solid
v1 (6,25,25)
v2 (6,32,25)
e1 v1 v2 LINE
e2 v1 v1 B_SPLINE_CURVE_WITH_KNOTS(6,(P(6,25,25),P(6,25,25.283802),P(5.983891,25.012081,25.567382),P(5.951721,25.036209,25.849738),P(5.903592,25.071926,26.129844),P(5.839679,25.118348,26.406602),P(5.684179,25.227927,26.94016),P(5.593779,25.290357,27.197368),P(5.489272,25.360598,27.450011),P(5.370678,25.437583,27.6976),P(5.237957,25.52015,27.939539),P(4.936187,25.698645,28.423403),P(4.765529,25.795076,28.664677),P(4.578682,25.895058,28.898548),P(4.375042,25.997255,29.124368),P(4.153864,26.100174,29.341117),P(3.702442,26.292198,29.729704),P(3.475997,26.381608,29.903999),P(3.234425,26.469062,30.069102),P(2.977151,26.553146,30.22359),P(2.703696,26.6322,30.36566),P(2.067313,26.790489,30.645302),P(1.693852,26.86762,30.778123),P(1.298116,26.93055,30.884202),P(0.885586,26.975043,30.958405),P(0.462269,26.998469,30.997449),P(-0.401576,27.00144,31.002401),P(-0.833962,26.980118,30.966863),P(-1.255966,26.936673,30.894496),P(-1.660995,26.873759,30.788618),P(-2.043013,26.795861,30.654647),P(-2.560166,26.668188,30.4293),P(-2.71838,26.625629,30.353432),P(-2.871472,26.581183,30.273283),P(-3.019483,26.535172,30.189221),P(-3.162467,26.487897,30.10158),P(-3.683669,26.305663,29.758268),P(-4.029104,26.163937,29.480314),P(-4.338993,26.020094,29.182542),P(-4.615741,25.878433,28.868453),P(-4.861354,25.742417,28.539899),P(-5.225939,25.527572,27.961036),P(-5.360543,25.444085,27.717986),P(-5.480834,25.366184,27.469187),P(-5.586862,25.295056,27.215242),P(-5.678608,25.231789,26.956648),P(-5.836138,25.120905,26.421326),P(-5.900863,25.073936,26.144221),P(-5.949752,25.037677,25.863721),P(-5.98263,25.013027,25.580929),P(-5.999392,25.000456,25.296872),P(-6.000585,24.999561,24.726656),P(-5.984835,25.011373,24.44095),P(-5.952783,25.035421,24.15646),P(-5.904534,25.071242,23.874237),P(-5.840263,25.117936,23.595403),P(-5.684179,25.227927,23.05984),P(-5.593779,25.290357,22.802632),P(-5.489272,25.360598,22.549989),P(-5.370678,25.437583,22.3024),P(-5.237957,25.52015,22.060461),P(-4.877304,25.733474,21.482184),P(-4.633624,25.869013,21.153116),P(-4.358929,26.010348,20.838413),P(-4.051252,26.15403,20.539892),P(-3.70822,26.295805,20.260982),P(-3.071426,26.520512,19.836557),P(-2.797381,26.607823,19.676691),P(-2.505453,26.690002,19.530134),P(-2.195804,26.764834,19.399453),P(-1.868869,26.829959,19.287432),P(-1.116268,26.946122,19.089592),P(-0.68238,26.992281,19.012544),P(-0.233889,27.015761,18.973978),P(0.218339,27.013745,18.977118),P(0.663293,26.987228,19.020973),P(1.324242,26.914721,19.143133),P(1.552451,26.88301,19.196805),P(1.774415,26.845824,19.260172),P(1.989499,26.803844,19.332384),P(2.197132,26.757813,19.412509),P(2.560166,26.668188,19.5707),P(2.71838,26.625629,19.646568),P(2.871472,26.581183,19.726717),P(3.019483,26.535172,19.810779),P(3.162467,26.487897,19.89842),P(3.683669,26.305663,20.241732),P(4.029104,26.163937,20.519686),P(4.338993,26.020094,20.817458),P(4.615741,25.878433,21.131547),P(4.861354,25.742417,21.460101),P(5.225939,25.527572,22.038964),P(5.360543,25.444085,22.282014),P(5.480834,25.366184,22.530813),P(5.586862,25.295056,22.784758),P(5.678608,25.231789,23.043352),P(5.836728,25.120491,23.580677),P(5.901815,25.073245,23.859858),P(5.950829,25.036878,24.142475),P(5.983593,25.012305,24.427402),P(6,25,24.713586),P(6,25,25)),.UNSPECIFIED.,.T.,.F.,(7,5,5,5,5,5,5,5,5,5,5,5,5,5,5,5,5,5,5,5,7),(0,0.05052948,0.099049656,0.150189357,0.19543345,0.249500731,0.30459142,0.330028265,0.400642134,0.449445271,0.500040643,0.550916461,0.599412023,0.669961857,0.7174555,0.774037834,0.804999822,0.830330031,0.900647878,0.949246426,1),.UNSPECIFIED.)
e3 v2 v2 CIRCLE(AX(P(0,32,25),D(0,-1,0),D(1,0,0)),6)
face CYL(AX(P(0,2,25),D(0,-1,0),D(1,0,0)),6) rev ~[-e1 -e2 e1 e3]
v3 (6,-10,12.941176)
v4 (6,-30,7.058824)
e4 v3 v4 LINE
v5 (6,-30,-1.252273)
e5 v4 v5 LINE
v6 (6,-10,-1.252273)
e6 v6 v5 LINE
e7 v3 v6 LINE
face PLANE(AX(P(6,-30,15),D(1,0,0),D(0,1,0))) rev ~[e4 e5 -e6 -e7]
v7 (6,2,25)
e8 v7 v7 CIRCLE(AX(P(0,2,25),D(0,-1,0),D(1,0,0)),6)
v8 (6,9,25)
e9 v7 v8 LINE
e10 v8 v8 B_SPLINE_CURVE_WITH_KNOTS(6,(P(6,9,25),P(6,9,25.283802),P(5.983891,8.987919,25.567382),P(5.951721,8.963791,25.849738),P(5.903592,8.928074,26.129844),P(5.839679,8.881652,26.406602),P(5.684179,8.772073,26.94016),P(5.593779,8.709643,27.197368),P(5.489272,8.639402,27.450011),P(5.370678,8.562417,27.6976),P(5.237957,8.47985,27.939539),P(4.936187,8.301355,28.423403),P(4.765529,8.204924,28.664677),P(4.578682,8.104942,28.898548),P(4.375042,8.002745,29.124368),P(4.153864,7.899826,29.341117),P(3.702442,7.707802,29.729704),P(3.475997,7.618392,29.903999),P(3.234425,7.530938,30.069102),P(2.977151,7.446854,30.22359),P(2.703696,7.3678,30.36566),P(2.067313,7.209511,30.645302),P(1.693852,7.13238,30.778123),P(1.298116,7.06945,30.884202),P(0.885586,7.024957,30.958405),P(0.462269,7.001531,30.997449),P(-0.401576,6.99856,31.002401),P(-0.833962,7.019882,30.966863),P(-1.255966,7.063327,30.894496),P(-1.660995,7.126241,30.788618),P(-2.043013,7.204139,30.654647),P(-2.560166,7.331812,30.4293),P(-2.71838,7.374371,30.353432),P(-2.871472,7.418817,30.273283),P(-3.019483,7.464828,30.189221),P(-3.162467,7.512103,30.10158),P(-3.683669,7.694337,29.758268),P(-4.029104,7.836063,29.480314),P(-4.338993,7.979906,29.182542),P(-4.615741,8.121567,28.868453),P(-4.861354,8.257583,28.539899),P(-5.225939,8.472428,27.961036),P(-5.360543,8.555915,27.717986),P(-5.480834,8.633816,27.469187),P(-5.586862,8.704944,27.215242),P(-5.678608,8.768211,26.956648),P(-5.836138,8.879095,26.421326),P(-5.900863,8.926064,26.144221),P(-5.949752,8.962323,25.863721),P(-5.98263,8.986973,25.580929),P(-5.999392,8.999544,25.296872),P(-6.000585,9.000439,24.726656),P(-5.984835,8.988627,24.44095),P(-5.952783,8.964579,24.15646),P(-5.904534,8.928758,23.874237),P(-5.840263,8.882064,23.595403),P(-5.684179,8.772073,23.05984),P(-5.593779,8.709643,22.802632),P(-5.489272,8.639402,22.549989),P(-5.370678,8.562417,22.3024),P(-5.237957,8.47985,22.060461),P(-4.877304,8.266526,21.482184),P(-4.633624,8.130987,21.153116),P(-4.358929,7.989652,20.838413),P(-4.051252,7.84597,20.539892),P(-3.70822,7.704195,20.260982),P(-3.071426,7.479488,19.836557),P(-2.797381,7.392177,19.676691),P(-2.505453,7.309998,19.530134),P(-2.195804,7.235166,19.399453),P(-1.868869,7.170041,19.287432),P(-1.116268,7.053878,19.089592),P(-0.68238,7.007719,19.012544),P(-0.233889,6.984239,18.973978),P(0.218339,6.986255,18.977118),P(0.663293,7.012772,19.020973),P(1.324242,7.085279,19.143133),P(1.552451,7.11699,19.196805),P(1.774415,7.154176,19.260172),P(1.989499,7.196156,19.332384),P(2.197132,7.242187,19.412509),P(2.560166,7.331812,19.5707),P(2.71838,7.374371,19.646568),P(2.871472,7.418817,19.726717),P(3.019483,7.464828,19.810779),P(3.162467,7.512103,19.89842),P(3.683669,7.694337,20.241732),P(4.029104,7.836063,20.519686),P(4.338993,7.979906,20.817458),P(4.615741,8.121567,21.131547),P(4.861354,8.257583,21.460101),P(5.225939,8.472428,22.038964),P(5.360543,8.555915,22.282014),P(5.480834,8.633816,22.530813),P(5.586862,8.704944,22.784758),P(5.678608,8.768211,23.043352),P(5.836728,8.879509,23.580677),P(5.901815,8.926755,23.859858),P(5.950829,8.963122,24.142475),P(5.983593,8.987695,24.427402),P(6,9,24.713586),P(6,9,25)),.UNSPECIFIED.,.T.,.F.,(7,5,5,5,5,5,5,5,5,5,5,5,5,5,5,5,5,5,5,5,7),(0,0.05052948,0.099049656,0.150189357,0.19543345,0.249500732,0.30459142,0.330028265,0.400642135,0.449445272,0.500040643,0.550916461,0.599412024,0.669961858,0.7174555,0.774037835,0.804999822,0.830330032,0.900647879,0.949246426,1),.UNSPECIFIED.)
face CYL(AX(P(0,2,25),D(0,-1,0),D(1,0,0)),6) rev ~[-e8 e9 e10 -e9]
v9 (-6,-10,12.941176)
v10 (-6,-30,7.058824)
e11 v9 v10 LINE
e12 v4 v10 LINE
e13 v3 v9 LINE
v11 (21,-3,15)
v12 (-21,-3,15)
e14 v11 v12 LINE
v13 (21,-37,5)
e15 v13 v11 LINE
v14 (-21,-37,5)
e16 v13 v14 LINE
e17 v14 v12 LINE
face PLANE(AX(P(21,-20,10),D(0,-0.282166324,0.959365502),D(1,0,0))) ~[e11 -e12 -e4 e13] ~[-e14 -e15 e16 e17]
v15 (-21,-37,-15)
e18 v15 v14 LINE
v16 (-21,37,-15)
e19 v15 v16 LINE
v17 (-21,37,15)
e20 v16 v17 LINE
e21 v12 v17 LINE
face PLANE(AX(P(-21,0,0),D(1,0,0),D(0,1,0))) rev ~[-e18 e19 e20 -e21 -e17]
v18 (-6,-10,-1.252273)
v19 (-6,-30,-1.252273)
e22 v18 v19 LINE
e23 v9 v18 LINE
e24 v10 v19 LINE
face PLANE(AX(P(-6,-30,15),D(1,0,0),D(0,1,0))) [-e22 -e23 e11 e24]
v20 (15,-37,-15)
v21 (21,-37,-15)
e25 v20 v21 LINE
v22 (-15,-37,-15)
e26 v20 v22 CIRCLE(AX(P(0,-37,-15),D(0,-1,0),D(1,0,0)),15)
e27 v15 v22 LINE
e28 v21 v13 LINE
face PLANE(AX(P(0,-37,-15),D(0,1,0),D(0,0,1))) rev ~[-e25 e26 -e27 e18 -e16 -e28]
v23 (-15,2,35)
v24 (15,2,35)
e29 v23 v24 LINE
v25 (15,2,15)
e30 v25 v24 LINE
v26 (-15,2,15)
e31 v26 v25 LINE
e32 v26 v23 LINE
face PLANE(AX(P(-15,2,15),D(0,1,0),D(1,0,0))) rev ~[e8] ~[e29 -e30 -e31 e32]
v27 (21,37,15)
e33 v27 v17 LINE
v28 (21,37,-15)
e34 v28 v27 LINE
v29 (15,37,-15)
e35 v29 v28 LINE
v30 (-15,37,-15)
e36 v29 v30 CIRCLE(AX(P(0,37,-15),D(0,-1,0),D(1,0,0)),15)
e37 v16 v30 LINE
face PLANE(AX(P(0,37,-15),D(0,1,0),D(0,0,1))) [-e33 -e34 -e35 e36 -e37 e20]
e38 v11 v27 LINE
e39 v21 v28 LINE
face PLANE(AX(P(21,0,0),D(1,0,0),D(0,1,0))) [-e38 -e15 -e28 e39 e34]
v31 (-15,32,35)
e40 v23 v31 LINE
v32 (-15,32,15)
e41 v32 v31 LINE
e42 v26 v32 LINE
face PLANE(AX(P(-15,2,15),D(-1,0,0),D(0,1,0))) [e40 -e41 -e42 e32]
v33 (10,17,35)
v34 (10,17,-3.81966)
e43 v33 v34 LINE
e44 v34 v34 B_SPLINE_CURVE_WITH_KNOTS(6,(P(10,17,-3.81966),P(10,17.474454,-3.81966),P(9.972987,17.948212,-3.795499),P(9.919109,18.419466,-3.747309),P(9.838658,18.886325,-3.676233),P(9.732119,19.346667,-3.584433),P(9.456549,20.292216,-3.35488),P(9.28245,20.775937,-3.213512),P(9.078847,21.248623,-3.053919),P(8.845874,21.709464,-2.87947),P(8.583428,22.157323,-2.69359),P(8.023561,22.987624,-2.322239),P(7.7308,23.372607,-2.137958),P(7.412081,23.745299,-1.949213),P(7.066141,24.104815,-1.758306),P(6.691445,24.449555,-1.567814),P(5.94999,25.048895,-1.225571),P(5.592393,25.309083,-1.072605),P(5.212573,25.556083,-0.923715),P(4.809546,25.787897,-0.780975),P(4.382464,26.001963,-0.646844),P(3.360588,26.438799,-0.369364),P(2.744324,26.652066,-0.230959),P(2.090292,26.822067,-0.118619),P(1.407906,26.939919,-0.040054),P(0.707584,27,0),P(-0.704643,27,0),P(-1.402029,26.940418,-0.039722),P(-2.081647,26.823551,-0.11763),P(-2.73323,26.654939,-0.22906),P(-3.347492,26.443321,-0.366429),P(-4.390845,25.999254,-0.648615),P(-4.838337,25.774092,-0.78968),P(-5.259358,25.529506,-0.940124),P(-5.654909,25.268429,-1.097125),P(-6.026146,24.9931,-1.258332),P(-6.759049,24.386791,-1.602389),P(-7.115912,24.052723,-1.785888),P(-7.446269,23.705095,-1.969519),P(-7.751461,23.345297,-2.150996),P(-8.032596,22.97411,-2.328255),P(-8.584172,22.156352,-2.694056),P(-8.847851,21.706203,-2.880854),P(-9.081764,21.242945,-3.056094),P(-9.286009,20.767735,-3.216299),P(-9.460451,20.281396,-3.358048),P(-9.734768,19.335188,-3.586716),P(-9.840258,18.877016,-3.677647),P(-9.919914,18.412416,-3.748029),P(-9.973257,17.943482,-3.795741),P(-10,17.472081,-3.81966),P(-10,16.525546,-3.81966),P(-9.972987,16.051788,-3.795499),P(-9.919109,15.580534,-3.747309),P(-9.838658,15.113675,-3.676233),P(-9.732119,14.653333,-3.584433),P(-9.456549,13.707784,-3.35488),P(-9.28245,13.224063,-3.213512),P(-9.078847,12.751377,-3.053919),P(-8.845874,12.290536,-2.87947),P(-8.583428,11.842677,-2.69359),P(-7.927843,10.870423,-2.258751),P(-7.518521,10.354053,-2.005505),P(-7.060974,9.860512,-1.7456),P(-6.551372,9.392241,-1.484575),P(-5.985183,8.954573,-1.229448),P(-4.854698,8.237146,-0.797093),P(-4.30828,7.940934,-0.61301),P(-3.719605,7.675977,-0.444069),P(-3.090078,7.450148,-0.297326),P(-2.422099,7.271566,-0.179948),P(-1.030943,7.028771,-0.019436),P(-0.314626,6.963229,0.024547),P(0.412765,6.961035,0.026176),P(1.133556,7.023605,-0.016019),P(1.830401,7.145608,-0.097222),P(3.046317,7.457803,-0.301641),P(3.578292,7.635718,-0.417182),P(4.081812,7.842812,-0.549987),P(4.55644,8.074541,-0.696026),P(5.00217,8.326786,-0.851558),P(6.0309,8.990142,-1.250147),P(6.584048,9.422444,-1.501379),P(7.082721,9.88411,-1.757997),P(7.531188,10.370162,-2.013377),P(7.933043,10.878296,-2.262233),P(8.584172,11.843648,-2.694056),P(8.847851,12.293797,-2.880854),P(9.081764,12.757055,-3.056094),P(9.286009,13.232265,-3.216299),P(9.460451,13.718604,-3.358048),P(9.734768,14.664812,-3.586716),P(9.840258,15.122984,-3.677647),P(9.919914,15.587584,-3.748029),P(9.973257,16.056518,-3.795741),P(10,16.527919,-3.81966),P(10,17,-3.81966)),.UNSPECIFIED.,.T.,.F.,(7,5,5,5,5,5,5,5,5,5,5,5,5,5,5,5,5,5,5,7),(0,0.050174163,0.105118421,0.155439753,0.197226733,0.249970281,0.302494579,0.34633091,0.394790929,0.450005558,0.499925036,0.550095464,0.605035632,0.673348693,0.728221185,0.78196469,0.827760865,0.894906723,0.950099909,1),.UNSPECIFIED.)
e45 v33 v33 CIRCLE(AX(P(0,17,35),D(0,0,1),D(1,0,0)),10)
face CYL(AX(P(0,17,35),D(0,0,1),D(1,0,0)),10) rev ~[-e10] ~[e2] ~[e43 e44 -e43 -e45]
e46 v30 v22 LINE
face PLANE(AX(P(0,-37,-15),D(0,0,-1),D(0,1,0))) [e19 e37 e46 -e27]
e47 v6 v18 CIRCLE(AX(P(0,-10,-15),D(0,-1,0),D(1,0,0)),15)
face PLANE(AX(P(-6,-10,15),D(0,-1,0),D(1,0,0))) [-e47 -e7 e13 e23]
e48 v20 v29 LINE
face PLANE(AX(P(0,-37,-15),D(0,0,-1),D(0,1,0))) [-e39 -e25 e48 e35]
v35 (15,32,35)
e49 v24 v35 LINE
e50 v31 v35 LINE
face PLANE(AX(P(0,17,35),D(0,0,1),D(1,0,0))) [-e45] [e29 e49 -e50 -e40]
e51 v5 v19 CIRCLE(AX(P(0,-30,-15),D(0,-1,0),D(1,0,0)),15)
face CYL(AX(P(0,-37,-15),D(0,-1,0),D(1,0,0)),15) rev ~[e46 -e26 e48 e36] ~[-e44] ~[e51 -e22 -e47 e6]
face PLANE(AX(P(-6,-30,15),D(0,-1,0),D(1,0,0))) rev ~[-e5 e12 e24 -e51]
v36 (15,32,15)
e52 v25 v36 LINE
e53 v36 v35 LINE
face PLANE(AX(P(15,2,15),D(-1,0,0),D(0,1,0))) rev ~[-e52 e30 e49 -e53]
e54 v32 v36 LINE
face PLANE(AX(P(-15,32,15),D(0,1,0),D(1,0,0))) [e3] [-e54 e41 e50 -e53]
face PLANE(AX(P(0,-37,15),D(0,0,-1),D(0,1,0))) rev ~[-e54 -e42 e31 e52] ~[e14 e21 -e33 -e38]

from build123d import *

# Parameters (mm, degrees)
F0_W      = 74
F0_H      = 30
F1_DEPTH  = 21
F2_SIZE2  = 34
F2_SIZE   = 10
F3_W      = 30
F3_H      = 30
F4_DEPTH  = 20
F5_R      = 10
F6_DEPTH  = 50.001
F7_R      = 6
F8_DEPTH  = 35.001
F10_W     = 12
F10_H     = 20
F11_DEPTH = 30.0010001
F9_R      = 15
F12_DEPTH = 74.001


with BuildPart() as f1:
    # F0 (on Right) → F1 (new body, symmetric)
    with BuildSketch(Plane.YZ):
        Rectangle(F0_W, F0_H)
    extrude(amount=F1_DEPTH, both=True)

    # F2
    f2_edges = [f1.edges().sort_by_distance(p)[0] for p in [
        (0, -37, 15),
    ]]
    f2_side = f1.faces().sort_by_distance((0, -37, 0))[0]
    chamfer(f2_edges, length=F2_SIZE, length2=F2_SIZE2, reference=f2_side)

    # F3 (on face) → F4 (join)
    with BuildSketch(Plane.XY.offset(15)):
        with Locations((0, 17)):
            Rectangle(F3_W, F3_H)
    extrude(amount=F4_DEPTH)

    # F5 (on face) → F6 (cut, through all)
    with BuildSketch(Plane.XY.offset(35)):
        with Locations((0, 17)):
            Circle(F5_R)
    extrude(amount=-F6_DEPTH, mode=Mode.SUBTRACT)

    # F7 (on face) → F8 (cut, through all)
    with BuildSketch(Plane.XZ.offset(-2)):
        with Locations((0, 25)):
            Circle(F7_R)
    extrude(amount=-F8_DEPTH, mode=Mode.SUBTRACT)

    # F10 (on face) → F11 (cut, through all)
    with BuildSketch(Plane.XY.offset(15)):
        with Locations((0, -20)):
            Rectangle(F10_W, F10_H)
    extrude(amount=-F11_DEPTH, mode=Mode.SUBTRACT)

    # F9 (on face) → F12 (cut, through all)
    with BuildSketch(Plane.XZ.offset(37)):
        with Locations((0, -15)):
            Circle(F9_R)
    extrude(amount=-F12_DEPTH, mode=Mode.SUBTRACT)


solid = f1.part
